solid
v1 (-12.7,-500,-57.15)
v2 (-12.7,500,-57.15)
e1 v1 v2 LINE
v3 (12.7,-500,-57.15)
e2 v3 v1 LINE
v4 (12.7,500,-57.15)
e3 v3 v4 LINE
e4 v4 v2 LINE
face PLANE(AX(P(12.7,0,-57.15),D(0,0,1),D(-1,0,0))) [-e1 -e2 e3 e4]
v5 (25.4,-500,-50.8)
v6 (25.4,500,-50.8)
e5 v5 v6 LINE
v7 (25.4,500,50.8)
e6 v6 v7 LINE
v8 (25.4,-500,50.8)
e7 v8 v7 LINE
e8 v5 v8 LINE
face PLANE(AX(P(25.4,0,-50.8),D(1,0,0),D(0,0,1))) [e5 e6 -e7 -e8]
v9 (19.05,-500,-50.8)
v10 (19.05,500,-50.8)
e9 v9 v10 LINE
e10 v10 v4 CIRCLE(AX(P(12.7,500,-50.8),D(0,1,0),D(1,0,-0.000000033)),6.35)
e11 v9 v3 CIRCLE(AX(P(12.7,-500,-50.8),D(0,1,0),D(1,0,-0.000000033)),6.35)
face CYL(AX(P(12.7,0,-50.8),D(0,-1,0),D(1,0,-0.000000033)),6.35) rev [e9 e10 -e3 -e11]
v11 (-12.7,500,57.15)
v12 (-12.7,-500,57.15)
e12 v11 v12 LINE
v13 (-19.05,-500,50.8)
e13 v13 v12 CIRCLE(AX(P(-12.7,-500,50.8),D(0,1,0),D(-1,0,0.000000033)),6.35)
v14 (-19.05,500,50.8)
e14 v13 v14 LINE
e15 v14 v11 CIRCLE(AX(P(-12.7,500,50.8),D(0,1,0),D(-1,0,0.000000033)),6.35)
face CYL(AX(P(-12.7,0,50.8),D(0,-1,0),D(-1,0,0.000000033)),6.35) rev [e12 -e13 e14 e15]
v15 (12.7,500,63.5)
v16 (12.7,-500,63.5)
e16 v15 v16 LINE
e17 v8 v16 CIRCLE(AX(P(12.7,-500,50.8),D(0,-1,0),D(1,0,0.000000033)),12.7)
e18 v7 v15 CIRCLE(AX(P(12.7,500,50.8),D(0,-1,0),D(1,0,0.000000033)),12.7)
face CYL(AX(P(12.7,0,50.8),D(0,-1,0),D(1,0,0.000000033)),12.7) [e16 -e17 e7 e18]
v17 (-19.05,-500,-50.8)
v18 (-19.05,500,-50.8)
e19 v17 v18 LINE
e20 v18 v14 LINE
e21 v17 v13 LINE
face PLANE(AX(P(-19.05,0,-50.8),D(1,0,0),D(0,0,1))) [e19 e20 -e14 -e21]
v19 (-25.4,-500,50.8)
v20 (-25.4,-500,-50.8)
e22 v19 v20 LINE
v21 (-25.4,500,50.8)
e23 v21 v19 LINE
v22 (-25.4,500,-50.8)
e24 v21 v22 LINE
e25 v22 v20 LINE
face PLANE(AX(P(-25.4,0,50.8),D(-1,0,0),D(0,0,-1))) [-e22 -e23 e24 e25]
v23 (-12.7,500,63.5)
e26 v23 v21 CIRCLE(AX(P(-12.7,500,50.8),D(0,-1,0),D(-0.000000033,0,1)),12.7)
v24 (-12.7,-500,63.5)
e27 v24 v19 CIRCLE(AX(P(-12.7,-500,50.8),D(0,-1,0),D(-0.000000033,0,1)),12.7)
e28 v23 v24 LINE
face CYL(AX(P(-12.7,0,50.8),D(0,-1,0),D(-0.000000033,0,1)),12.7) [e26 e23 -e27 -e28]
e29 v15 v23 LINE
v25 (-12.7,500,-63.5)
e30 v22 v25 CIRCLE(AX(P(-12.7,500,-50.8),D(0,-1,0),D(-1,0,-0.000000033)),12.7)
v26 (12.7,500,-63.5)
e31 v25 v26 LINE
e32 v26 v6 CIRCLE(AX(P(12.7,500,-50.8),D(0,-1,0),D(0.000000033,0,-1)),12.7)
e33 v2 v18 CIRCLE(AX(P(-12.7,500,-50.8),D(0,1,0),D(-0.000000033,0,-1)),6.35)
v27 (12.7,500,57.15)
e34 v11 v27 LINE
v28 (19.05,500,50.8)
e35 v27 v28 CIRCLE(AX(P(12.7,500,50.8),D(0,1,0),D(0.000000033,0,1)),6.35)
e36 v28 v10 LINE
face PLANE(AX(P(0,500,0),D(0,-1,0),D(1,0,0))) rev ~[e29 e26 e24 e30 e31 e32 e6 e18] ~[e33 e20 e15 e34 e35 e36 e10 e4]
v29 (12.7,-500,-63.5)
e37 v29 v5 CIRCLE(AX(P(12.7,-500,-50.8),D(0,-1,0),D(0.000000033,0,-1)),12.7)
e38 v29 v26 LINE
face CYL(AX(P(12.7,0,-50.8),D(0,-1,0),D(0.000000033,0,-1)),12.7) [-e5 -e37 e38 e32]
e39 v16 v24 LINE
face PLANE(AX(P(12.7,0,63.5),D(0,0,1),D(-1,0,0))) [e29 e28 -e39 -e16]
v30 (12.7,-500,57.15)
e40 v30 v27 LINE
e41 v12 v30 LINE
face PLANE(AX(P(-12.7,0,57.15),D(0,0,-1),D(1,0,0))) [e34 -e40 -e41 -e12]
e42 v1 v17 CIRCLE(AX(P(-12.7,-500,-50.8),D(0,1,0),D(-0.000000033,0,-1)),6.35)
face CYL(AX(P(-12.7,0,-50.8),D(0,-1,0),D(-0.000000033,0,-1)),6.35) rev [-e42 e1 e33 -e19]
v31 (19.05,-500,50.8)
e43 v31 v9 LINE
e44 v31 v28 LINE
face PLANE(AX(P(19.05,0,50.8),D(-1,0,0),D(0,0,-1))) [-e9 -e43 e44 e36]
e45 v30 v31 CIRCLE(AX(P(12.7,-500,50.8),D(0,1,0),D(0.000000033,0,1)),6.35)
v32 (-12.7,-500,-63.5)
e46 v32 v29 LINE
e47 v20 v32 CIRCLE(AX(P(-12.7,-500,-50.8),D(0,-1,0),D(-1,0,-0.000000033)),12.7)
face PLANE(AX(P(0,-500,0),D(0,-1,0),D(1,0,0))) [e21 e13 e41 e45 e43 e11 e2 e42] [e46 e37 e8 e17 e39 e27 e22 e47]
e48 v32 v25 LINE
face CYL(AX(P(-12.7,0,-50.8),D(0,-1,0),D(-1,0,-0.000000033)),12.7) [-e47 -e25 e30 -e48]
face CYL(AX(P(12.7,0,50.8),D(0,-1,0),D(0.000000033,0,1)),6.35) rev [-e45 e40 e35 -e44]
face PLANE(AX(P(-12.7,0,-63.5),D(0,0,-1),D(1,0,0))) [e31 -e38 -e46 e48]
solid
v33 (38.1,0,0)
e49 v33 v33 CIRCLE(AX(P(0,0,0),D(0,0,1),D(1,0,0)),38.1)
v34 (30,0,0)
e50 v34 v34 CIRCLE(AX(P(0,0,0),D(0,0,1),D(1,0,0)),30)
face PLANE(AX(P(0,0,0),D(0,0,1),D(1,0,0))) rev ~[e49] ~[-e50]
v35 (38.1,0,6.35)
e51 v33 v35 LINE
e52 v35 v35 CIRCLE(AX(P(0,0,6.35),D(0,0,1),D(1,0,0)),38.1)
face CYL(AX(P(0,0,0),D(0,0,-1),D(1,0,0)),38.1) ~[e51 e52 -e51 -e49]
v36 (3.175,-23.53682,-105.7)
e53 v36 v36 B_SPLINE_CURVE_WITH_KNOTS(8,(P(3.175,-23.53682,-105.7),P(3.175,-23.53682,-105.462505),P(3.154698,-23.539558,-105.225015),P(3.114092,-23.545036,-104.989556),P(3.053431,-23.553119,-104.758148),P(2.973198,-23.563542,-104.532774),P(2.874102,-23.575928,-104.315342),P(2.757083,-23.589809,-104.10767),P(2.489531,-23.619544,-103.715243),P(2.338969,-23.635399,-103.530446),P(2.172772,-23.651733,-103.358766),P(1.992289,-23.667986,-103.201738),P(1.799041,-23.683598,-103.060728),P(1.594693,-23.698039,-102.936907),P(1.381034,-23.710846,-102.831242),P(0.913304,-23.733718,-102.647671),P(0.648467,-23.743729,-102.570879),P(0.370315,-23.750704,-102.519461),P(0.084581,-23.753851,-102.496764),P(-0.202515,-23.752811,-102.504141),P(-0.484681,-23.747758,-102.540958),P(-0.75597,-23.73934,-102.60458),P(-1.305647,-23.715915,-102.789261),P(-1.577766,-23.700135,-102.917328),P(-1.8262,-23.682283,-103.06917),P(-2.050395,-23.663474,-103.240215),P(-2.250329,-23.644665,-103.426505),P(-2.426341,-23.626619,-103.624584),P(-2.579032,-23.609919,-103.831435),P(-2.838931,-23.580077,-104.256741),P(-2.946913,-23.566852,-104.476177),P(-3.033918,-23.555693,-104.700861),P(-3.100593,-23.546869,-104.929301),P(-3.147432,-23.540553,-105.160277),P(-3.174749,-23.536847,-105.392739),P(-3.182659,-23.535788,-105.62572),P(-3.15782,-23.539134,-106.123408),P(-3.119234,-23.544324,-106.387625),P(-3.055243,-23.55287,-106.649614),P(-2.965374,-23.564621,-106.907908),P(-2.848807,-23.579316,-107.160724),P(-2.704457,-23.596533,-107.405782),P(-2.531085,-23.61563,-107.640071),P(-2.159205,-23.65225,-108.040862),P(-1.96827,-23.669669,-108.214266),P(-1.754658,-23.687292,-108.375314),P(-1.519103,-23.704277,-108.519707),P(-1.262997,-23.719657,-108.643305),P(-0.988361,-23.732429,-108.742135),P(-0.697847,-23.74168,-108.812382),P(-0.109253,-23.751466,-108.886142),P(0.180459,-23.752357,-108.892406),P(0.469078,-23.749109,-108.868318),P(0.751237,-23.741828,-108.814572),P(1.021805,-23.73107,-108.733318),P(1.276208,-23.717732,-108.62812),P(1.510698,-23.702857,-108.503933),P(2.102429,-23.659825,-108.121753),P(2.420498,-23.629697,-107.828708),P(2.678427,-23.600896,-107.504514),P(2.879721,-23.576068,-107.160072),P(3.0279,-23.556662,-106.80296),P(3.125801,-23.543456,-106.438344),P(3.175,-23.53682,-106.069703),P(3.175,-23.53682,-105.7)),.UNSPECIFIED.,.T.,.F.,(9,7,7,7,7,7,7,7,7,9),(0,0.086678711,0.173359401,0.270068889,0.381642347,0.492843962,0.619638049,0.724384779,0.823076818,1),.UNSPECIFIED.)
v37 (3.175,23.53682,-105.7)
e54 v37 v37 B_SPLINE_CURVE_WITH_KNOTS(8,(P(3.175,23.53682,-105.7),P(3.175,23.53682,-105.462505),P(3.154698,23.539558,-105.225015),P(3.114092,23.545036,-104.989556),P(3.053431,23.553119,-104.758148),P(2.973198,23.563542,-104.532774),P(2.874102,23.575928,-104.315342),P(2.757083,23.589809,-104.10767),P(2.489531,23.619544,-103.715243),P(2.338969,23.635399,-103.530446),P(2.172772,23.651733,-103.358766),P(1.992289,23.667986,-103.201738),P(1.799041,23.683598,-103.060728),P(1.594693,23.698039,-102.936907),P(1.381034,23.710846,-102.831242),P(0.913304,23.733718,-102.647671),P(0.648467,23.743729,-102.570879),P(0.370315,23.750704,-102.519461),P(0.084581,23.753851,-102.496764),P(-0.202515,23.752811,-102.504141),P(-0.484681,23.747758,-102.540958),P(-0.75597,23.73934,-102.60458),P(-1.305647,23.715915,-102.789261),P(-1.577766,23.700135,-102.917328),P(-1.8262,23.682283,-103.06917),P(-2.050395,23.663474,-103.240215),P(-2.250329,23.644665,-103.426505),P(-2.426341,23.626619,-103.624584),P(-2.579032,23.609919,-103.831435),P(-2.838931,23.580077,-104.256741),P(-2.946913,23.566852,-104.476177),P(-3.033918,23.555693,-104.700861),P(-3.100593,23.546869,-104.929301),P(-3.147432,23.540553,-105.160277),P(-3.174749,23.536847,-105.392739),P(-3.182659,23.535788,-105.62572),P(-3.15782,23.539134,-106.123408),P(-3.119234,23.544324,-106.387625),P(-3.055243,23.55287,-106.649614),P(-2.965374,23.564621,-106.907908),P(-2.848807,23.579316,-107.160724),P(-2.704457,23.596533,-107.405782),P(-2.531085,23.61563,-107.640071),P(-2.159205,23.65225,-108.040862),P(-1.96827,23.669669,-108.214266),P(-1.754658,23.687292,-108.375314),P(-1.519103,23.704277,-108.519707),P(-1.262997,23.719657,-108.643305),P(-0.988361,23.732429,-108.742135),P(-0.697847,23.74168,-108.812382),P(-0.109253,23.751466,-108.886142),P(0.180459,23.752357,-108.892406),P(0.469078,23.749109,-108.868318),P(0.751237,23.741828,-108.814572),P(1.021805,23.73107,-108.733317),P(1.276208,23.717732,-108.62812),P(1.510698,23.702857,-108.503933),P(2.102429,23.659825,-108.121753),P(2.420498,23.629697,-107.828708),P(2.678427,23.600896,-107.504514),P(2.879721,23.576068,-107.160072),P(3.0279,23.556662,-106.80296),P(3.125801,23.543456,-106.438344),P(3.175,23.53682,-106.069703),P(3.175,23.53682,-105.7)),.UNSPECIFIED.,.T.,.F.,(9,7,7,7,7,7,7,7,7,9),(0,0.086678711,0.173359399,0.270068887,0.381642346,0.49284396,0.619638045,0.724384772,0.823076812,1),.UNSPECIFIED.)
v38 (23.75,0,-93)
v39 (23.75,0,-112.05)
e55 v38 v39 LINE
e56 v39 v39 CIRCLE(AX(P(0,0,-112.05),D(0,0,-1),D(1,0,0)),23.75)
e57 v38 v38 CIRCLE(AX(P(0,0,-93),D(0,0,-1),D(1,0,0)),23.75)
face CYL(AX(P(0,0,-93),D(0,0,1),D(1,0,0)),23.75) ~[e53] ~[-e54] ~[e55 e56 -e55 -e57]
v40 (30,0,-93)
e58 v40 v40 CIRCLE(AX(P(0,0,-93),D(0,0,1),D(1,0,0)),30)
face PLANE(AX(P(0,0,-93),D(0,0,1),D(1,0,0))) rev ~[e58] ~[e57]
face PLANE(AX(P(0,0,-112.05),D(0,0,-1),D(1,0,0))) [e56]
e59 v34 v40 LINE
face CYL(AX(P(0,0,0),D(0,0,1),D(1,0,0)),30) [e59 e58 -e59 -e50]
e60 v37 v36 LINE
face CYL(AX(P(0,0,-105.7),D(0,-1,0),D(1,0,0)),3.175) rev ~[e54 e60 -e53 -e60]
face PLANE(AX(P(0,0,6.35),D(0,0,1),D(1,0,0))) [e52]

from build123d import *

# Parameters (mm, degrees)
F0_R      = 30
F1_DEPTH  = 93
F2_R      = 38.1
F3_DEPTH  = 6.35
F4_R      = 23.75
F5_DEPTH  = 19.05
F6_R      = 3.175
F7_DEPTH  = 30
F9_R      = 23.75
F10_DEPTH = 19.05
F11_R     = 3.175
F12_DEPTH = 30
F14_DEPTH = 500


with BuildPart() as f1:
    # F0 (on Top) → F1 (new body)
    with BuildSketch(Plane.XY):
        Circle(F0_R)
    extrude(amount=-F1_DEPTH)

    # F2 (on face) → F3 (join)
    with BuildSketch(Plane.XY):
        Circle(F2_R)
    extrude(amount=F3_DEPTH)

    # F9 (on face) → F10 (join)
    with BuildSketch(Plane(origin=(0, 0, -93), x_dir=(1, 0, 0), z_dir=(0, 0, -1))):
        Circle(F9_R)
    extrude(amount=F10_DEPTH)

    # F11 (on Front) → F12 (cut, symmetric)
    with BuildSketch(Plane.XZ):
        with Locations((0, -105.7)):
            Circle(F11_R)
    extrude(amount=F12_DEPTH, both=True, mode=Mode.SUBTRACT)


with BuildPart() as f5:
    # F4 (on face) → F5 (new body)
    with BuildSketch(Plane(origin=(0, 0, -93), x_dir=(1, 0, 0), z_dir=(0, 0, -1))):
        Circle(F4_R)
    extrude(amount=F5_DEPTH)

    # F6 (on Front) → F7 (cut, symmetric)
    with BuildSketch(Plane.XZ):
        with Locations((0, -105.7)):
            Circle(F6_R)
    extrude(amount=F7_DEPTH, both=True, mode=Mode.SUBTRACT)


with BuildPart() as f14:
    # F13 (on Front) → F14 (new body, symmetric)
    with BuildSketch(Plane.XZ):
        with BuildLine():
            ThreePointArc((25.4, 50.8), (21.680256, 59.780256), (12.7, 63.5))
            Line((12.7, 63.5), (-12.7, 63.5))
            ThreePointArc((-12.7, 63.5), (-21.680256, 59.780256), (-25.4, 50.8))
            Line((-25.4, 50.8), (-25.4, -50.8))
            ThreePointArc((-25.4, -50.8), (-21.680256, -59.780256), (-12.7, -63.5))
            Line((-12.7, -63.5), (12.7, -63.5))
            ThreePointArc((12.7, -63.5), (21.680256, -59.780256), (25.4, -50.8))
            Line((25.4, -50.8), (25.4, 50.8))
        make_face()
        with BuildLine():
            Line((-12.7, 57.15), (12.7, 57.15))
            ThreePointArc((12.7, 57.15), (17.190128, 55.290128), (19.05, 50.8))
            Line((19.05, 50.8), (19.05, -50.8))
            ThreePointArc((19.05, -50.8), (17.190128, -55.290128), (12.7, -57.15))
            Line((12.7, -57.15), (-12.7, -57.15))
            ThreePointArc((-12.7, -57.15), (-17.190128, -55.290128), (-19.05, -50.8))
            Line((-19.05, -50.8), (-19.05, 50.8))
            ThreePointArc((-19.05, 50.8), (-17.190128, 55.290128), (-12.7, 57.15))
        make_face(mode=Mode.SUBTRACT)
    extrude(amount=F14_DEPTH, both=True)


solid = Compound([f1.part, f14.part])
